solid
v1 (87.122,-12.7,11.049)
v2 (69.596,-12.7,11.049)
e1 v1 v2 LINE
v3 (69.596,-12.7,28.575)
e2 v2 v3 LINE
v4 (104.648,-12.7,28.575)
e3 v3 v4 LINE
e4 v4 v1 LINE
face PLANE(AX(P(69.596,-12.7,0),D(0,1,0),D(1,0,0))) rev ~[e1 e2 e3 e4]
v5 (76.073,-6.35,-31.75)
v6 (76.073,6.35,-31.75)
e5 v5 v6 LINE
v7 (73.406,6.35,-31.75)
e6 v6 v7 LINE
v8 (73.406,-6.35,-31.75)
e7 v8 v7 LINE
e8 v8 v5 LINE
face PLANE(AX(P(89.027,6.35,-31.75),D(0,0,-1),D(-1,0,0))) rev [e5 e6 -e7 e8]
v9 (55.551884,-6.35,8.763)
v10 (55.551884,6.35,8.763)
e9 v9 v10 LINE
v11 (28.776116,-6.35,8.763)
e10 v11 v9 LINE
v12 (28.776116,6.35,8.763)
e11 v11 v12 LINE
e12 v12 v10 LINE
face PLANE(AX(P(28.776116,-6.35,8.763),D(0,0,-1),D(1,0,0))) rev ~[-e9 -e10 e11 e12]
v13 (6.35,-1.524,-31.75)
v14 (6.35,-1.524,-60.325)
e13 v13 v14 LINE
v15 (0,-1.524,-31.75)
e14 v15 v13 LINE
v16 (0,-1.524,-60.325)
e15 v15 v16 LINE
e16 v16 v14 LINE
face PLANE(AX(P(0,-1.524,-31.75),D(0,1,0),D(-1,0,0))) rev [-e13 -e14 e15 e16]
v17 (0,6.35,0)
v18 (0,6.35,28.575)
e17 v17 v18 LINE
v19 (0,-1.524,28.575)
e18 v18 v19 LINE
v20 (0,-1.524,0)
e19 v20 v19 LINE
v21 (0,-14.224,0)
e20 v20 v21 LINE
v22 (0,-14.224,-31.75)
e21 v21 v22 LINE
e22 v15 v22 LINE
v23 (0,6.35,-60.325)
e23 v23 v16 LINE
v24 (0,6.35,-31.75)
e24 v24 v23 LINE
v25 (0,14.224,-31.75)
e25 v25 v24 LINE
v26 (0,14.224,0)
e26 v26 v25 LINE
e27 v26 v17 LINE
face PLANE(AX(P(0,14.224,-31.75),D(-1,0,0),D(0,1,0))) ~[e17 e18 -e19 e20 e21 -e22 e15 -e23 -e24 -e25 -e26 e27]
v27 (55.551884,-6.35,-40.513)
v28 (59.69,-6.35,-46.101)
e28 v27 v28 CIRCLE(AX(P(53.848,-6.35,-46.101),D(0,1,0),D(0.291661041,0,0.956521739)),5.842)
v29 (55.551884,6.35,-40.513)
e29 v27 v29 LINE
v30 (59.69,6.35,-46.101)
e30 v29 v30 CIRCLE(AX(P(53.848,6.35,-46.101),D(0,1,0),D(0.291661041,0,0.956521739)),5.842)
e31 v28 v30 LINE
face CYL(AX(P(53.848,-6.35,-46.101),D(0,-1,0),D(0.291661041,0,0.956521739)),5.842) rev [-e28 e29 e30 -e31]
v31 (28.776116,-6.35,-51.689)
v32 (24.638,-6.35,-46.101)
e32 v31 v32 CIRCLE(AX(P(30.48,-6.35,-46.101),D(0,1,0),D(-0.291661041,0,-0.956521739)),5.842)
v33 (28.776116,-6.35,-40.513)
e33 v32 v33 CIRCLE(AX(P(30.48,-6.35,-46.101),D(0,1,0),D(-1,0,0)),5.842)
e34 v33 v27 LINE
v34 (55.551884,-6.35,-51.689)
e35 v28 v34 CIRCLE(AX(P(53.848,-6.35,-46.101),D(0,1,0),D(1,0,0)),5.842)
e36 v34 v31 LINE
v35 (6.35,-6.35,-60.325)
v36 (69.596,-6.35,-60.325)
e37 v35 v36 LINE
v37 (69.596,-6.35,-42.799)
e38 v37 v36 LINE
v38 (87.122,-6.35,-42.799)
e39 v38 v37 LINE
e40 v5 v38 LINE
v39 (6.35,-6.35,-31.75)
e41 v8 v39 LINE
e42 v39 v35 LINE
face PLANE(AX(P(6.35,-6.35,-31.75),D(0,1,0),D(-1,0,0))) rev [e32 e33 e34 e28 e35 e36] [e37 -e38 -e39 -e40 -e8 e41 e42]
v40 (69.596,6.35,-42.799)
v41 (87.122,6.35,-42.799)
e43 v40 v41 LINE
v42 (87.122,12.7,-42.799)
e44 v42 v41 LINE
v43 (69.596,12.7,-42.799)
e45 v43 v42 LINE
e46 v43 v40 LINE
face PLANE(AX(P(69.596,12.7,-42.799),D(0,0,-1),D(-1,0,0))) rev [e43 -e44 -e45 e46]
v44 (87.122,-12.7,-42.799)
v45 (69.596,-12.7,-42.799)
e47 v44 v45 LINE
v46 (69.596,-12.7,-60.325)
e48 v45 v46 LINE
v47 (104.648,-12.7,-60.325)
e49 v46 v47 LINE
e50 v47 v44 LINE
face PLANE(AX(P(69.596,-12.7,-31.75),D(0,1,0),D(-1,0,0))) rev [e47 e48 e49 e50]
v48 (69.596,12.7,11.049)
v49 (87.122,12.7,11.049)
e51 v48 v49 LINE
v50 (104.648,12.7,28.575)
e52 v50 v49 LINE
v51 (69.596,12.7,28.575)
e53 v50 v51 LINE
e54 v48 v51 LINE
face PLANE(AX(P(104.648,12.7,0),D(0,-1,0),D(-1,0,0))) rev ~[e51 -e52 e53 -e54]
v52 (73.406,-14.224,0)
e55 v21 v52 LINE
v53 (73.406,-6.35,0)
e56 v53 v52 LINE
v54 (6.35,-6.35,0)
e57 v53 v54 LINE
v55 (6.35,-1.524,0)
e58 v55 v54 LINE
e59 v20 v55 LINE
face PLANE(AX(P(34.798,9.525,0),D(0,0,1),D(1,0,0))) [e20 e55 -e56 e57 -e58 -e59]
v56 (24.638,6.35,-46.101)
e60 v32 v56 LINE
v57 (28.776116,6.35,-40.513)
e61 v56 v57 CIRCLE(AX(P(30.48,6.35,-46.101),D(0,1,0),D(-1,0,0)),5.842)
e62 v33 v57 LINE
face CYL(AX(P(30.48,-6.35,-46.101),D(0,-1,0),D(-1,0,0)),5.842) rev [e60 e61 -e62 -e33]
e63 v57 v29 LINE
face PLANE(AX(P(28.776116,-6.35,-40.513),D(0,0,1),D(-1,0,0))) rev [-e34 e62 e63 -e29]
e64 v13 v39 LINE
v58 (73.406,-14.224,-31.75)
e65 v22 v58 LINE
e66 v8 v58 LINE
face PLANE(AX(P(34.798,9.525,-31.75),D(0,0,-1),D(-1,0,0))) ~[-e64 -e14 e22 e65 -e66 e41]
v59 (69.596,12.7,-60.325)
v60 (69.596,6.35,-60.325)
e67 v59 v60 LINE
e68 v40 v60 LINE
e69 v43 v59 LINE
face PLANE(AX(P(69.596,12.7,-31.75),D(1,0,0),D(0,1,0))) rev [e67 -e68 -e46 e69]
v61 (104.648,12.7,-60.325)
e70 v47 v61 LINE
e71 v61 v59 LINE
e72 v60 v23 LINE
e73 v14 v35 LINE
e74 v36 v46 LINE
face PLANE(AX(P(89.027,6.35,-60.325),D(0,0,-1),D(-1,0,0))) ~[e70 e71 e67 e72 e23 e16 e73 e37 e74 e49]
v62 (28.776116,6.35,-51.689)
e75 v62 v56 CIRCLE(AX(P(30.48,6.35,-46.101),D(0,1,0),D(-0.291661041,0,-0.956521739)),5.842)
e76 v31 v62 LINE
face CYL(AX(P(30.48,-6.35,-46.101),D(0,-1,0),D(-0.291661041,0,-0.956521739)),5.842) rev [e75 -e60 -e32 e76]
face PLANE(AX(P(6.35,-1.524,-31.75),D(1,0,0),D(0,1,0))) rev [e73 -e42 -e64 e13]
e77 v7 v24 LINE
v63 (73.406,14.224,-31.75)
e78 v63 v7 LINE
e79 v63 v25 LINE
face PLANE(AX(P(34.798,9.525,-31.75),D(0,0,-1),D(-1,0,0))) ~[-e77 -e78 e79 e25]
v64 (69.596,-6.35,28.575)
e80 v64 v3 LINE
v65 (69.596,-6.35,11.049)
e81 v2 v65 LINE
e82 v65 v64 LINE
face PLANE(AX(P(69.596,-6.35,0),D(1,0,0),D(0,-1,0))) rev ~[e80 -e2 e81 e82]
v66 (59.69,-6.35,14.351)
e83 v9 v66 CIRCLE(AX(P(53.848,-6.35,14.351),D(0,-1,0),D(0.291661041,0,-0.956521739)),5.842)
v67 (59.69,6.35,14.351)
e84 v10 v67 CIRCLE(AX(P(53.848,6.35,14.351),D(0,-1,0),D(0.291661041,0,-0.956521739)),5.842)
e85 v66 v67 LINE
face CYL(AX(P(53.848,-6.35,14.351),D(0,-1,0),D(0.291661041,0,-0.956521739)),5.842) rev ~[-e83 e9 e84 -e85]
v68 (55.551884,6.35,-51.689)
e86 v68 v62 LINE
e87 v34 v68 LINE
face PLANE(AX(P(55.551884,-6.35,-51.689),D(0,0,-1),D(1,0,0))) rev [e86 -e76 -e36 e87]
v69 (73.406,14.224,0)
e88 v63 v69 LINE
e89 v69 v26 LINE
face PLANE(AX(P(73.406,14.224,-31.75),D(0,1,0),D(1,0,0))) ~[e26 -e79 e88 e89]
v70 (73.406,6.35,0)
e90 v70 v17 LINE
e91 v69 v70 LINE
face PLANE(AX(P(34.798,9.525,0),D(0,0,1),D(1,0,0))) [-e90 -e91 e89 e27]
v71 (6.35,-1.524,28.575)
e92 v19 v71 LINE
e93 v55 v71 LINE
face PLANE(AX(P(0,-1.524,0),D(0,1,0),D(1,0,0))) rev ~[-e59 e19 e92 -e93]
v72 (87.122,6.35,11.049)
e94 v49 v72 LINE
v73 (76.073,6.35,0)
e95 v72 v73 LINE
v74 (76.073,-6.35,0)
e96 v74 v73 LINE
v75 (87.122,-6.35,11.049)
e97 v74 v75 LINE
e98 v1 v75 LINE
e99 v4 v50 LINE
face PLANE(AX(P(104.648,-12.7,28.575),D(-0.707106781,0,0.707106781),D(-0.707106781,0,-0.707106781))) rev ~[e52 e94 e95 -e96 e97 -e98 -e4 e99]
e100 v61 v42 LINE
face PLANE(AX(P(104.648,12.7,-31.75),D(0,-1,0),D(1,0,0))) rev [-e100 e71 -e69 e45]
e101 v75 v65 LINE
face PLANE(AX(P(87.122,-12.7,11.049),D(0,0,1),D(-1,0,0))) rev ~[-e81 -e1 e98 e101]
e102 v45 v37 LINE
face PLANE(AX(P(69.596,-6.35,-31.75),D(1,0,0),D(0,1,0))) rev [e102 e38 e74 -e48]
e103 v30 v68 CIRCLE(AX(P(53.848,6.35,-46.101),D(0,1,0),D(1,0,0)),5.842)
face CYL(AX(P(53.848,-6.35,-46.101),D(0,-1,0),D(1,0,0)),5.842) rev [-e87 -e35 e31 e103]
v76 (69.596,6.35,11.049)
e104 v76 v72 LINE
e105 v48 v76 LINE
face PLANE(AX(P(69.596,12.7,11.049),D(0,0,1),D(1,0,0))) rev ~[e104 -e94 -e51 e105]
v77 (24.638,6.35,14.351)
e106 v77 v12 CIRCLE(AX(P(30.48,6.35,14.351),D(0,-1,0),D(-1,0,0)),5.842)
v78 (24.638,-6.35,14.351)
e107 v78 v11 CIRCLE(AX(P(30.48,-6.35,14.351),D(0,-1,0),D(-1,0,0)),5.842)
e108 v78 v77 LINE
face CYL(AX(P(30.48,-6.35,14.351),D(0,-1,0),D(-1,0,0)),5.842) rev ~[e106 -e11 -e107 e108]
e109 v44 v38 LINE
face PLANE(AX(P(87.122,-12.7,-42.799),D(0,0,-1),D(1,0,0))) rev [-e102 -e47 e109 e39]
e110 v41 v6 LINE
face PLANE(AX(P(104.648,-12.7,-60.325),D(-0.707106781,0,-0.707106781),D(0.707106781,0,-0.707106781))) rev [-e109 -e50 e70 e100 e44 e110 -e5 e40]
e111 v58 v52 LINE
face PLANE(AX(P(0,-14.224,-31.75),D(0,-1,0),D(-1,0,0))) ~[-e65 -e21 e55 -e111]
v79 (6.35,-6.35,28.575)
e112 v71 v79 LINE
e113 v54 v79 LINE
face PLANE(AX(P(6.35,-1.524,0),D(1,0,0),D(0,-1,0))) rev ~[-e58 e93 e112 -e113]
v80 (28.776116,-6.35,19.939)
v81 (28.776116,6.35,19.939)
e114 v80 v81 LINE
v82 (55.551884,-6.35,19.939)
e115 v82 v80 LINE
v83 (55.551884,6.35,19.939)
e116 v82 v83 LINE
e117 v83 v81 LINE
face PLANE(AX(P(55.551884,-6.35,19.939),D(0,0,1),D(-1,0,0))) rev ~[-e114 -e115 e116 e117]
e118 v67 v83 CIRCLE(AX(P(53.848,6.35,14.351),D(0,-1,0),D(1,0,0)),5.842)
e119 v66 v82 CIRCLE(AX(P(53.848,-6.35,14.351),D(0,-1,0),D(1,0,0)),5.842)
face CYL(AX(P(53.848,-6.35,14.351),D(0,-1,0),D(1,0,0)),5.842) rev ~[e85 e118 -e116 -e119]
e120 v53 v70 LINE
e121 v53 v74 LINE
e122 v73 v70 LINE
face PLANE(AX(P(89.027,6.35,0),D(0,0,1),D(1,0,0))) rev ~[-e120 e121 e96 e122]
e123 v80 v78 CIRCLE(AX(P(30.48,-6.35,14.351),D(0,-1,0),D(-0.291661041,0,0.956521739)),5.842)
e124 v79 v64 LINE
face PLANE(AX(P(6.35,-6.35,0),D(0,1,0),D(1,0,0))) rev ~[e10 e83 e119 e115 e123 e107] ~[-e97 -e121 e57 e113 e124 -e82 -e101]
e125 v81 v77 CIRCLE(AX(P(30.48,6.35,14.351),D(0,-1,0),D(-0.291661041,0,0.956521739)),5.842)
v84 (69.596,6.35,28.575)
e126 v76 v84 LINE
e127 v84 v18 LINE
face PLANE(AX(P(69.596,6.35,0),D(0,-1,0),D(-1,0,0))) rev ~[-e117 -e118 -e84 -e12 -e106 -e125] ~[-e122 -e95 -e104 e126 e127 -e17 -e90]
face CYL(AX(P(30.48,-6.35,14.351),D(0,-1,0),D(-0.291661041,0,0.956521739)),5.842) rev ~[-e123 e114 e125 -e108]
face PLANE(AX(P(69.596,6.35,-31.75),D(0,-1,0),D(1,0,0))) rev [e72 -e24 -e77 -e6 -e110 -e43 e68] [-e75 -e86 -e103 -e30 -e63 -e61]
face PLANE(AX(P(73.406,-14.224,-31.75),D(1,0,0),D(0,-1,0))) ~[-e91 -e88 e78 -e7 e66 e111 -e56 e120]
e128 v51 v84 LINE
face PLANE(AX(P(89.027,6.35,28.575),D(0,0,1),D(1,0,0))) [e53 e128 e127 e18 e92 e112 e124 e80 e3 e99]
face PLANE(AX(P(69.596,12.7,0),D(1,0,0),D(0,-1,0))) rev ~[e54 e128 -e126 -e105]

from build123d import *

# Parameters (mm, degrees)
F0_W      = 31.242
F0_H      = 12.7
F1_DEPTH  = 28.575
F0_W_2    = 69.596
F0_H_2    = 6.35
F2_DEPTH  = 15.875
F4_DEPTH  = 26.925
F6_DEPTH  = 20.575
F9_DEPTH  = 6.35
F10_DEPTH = 6.35


with BuildPart() as f1:
    # F0 (on Top) → F1 (new body)
    with BuildSketch(Plane.XY):
        with Locations((89.027, 6.35)):
            Rectangle(F0_W, F0_H)
        with Locations((89.027, -6.35)):
            Rectangle(F0_W, F0_H)
        Polygon((73.406, 0), (0, 0), (0, -1.524), (6.35, -1.524), (6.35, -6.35), (69.596, -6.35), (69.596, -12.7), (73.406, -12.7), align=None)
        Polygon((0, 6.35), (0, 0), (73.406, 0), (73.406, 12.7), (69.596, 12.7), (69.596, 6.35), align=None)
    extrude(amount=F1_DEPTH)

    # F0 (on Top) → F2 (join)
    with BuildSketch(Plane.XY):
        with Locations((34.798, 9.525)):
            Rectangle(F0_W_2, F0_H_2)
        Polygon((0, 6.35), (0, 0), (73.406, 0), (73.406, 12.7), (69.596, 12.7), (69.596, 6.35), align=None)
        Polygon((73.406, 0), (0, 0), (0, -1.524), (6.35, -1.524), (6.35, -6.35), (69.596, -6.35), (69.596, -12.7), (73.406, -12.7), align=None)
        Polygon((6.35, -1.524), (0, -1.524), (0, -6.35), (0, -12.7), (69.596, -12.7), (69.596, -6.35), (6.35, -6.35), align=None)
        Polygon((73.406, -14.224), (73.406, -12.7), (69.596, -12.7), (0, -12.7), (0, -14.224), align=None)
        Polygon((69.596, 12.7), (73.406, 12.7), (73.406, 14.224), (0, 14.224), (0, 12.7), align=None)
    extrude(amount=-F2_DEPTH)

    # F3 (on face) → F4 (cut, through all)
    with BuildSketch(Plane.XZ.offset(12.7)):
        Polygon((104.648, 0), (104.648, 28.575), (76.073, 0), align=None)
    extrude(amount=-F4_DEPTH, mode=Mode.SUBTRACT)

    # F5 (on face) → F6 (cut, through all)
    with BuildSketch(Plane.XZ.offset(6.35)):
        with BuildLine():
            ThreePointArc((28.7761162011, 19.939), (25.7851595792, 17.8276992138), (24.638, 14.351))
            Line((24.638, 14.351), (30.48, 14.351))
            Line((30.48, 14.351), (36.322, 14.351))
            ThreePointArc((36.322, 14.351), (35.1748404208, 17.8276992138), (32.1838837989, 19.939))
            Line((32.1838837989, 19.939), (28.7761162011, 19.939))
        make_face()
        with BuildLine():
            Line((30.48, 14.351), (24.638, 14.351))
            ThreePointArc((24.638, 14.351), (25.7851595792, 10.8743007862), (28.7761162011, 8.763))
            Line((28.7761162011, 8.763), (32.1838837989, 8.763))
            ThreePointArc((32.1838837989, 8.763), (35.1748404208, 10.8743007862), (36.322, 14.351))
            Line((36.322, 14.351), (30.48, 14.351))
        make_face()
        with BuildLine():
            ThreePointArc((32.1838837989, 19.939), (35.1748404208, 17.8276992138), (36.322, 14.351))
            Line((36.322, 14.351), (48.006, 14.351))
            ThreePointArc((48.006, 14.351), (49.1531595792, 17.8276992138), (52.1441162011, 19.939))
            Line((52.1441162011, 19.939), (32.1838837989, 19.939))
        make_face()
        with BuildLine():
            ThreePointArc((52.1441162011, 19.939), (49.1531595792, 17.8276992138), (48.006, 14.351))
            Line((48.006, 14.351), (53.848, 14.351))
            Line((53.848, 14.351), (59.69, 14.351))
            ThreePointArc((59.69, 14.351), (58.5428404208, 17.8276992138), (55.5518837989, 19.939))
            Line((55.5518837989, 19.939), (52.1441162011, 19.939))
        make_face()
        with BuildLine():
            Line((53.848, 14.351), (48.006, 14.351))
            ThreePointArc((48.006, 14.351), (49.1531595792, 10.8743007862), (52.1441162011, 8.763))
            Line((52.1441162011, 8.763), (55.5518837989, 8.763))
            ThreePointArc((55.5518837989, 8.763), (58.5428404208, 10.8743007862), (59.69, 14.351))
            Line((59.69, 14.351), (53.848, 14.351))
        make_face()
        with BuildLine():
            Line((48.006, 14.351), (36.322, 14.351))
            ThreePointArc((36.322, 14.351), (35.1748404208, 10.8743007862), (32.1838837989, 8.763))
            Line((32.1838837989, 8.763), (52.1441162011, 8.763))
            ThreePointArc((52.1441162011, 8.763), (49.1531595792, 10.8743007862), (48.006, 14.351))
        make_face()
    extrude(amount=-F6_DEPTH, mode=Mode.SUBTRACT)

    # F8 (on face) → F9 (cut)
    with BuildSketch(Plane(origin=(0, 12.7, 0), x_dir=(-1, 0, 0), z_dir=(0, 1, 0))):
        Polygon((-69.596, 0), (-69.596, 11.049), (-87.122, 11.049), (-76.073, 0), (-73.406, 0), align=None)
    extrude(amount=-F9_DEPTH, mode=Mode.SUBTRACT)

    # F7 (on face) → F10 (cut)
    with BuildSketch(Plane.XZ.offset(12.7)):
        Polygon((87.122, 11.049), (69.596, 11.049), (69.596, 0), (73.406, 0), (76.073, 0), align=None)
    extrude(amount=-F10_DEPTH, mode=Mode.SUBTRACT)

    # F11: F1 across face


with BuildPart() as f1_1:
    add(f1.part)
    add(f1.part.mirror(Plane(origin=(36.703, 0, -15.875), x_dir=(1, 0, 0), z_dir=(0, 0, -1))))


solid = f1_1.part
